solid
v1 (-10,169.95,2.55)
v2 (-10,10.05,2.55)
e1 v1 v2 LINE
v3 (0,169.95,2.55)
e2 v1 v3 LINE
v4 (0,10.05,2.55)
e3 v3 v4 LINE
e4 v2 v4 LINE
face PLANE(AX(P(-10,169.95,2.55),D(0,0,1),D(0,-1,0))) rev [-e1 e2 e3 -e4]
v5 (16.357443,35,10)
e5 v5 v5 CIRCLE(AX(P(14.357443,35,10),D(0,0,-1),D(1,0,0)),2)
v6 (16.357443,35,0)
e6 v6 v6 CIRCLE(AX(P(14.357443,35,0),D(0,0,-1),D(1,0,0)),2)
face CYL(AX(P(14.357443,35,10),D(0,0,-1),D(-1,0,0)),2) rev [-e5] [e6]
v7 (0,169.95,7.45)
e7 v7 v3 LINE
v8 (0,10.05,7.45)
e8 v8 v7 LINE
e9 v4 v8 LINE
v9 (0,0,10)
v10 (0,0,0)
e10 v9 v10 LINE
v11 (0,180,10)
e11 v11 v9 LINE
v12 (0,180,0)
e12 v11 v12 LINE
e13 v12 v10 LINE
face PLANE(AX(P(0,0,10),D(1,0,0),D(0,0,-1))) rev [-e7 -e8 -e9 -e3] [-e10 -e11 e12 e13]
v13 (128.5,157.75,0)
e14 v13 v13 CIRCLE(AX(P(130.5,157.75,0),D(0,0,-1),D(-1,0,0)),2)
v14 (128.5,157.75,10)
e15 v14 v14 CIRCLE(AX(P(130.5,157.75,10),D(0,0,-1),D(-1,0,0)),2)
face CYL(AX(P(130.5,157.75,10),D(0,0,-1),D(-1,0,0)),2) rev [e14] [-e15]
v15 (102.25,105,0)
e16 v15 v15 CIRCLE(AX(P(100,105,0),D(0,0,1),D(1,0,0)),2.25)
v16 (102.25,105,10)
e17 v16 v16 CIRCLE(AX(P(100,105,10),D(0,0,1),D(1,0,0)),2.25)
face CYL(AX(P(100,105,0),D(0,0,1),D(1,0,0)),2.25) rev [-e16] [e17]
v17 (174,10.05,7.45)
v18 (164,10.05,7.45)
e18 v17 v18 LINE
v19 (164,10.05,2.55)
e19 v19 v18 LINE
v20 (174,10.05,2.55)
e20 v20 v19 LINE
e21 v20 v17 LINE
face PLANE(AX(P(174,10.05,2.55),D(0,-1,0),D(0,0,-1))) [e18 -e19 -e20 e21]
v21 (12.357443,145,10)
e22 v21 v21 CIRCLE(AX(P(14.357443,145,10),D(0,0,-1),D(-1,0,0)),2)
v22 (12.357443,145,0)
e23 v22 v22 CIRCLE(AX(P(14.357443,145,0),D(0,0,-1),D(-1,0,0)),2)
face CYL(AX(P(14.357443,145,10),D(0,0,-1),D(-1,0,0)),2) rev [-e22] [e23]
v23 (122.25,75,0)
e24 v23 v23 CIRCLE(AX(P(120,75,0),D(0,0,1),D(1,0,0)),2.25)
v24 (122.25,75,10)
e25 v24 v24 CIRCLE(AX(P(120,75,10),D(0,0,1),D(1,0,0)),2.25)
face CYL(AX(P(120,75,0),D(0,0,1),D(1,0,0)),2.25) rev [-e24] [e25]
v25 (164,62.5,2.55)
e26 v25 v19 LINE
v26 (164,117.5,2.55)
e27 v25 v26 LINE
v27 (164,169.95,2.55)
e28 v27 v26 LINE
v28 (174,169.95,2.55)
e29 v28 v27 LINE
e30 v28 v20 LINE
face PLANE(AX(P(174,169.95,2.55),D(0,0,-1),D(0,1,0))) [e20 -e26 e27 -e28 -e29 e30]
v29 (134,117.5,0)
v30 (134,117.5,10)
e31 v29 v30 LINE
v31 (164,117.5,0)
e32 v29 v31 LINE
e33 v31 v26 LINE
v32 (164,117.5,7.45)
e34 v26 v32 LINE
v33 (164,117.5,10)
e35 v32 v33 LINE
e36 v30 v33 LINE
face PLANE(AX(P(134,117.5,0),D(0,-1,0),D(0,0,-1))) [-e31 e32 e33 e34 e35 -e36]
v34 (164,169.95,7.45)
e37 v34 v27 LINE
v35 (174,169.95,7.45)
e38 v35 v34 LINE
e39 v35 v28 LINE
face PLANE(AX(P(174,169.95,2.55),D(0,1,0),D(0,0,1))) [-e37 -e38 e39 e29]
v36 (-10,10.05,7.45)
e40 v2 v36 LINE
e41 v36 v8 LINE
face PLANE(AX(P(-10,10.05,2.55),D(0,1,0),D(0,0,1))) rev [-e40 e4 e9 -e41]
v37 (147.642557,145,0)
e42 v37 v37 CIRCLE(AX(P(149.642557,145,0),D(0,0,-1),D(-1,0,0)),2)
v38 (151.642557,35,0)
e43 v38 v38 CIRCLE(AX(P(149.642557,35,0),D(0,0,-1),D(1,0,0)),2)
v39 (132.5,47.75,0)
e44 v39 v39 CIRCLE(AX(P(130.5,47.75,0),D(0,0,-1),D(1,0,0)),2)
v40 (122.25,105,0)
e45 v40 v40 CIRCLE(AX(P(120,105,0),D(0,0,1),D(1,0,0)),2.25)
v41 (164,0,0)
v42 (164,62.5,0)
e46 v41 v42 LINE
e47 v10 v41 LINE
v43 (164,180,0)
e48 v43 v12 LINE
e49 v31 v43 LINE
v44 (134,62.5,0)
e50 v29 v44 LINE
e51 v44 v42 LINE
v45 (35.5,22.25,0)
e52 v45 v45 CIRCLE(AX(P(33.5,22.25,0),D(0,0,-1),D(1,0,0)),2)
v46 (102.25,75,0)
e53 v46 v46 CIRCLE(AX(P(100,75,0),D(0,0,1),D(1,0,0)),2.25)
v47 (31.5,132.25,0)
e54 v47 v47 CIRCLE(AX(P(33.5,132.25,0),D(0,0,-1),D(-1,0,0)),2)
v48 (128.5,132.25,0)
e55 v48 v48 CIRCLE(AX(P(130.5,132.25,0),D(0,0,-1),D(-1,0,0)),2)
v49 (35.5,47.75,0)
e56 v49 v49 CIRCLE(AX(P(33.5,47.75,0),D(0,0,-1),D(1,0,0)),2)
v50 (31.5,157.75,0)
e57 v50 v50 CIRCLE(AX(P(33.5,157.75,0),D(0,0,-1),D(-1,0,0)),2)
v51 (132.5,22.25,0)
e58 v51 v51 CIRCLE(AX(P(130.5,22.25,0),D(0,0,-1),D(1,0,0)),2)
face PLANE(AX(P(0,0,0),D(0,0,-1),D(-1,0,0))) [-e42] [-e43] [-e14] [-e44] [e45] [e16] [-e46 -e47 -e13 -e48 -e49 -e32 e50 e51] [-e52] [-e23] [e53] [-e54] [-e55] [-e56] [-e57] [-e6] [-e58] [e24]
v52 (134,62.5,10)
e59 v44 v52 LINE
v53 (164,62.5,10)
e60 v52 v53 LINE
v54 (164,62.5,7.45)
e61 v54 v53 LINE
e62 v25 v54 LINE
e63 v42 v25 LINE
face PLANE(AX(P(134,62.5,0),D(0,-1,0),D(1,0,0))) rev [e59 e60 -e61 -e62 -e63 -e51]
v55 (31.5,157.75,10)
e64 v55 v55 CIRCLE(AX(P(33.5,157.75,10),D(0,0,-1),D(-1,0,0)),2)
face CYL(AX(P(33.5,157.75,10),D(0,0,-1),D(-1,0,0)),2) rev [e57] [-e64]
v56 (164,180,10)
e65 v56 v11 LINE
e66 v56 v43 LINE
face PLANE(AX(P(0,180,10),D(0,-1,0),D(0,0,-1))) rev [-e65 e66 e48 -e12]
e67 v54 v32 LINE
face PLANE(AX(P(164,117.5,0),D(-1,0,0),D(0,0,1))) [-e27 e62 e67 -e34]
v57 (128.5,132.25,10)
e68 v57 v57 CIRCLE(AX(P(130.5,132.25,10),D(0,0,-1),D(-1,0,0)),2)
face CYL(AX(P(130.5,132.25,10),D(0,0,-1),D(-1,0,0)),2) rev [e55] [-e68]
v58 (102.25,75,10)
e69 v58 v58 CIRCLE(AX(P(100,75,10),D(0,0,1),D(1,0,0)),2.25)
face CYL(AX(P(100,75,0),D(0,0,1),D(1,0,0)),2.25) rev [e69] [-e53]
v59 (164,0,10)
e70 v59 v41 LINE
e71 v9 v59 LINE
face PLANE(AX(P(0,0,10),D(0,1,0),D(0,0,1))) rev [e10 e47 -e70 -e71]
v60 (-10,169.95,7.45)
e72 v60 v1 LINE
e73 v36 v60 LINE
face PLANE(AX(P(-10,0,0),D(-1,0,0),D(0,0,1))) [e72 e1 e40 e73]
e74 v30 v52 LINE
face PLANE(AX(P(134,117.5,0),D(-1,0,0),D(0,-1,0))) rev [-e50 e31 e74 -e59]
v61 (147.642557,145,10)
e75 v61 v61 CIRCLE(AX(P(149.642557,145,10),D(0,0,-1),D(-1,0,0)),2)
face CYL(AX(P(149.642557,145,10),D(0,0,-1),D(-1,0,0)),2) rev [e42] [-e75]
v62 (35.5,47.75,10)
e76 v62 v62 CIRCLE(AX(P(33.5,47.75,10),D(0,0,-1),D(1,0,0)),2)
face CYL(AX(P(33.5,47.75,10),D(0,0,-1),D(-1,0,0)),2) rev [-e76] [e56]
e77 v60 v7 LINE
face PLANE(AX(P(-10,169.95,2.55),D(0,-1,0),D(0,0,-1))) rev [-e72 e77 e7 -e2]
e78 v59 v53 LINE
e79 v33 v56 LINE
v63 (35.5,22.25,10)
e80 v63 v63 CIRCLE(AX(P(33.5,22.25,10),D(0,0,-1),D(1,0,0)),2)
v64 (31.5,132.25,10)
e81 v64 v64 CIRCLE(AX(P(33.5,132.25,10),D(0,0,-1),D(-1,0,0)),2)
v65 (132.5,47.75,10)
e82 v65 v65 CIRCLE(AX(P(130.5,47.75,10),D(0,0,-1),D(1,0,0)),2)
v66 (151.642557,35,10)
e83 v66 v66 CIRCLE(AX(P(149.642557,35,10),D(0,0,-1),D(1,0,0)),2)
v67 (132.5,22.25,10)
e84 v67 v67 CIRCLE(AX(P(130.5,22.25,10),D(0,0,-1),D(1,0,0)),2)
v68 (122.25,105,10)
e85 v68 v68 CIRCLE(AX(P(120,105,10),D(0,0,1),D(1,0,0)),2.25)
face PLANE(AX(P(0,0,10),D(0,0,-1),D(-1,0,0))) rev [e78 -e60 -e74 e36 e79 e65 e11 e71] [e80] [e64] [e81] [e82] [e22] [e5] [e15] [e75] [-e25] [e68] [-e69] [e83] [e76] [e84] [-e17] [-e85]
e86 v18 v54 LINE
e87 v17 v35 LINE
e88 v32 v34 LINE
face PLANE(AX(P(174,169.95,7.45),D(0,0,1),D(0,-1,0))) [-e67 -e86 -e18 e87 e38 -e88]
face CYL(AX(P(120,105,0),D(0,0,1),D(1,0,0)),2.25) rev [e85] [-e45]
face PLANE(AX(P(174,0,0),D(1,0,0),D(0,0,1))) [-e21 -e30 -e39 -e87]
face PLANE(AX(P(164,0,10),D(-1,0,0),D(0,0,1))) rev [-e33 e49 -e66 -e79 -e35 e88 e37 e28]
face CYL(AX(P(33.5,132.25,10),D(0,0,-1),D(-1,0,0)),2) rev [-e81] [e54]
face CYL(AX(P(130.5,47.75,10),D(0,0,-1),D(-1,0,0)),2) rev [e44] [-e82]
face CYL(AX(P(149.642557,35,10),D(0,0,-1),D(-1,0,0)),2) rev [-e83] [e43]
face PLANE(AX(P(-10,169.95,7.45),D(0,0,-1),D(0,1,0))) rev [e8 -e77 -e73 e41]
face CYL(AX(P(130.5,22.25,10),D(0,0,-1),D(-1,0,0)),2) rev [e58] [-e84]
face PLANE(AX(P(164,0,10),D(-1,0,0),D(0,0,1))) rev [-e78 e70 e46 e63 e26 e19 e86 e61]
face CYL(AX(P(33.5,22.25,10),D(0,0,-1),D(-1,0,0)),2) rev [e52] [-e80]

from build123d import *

# Parameters (mm, degrees)
SKETCH_1_W          = 164
SKETCH_1_H          = 180
EXTRUDE_1_DEPTH     = 10
SKETCH_2_W          = 4.9
SKETCH_2_H          = 159.9
EXTRUDE_2_DEPTH     = 10
SKETCH_3_R          = 2
CUT_EXTRUDE_1_DEPTH = 10
SKETCH_7_R          = 2.25
SKETCH_7_W          = 30
SKETCH_7_H          = 55
CUT_EXTRUDE_5_DEPTH = 251.551391934


with BuildPart() as part:
    # 草图1 → 凸台-拉伸1 (new body)
    with BuildSketch(Plane.XY):
        with Locations((82, 90)):
            Rectangle(SKETCH_1_W, SKETCH_1_H)
    extrude(amount=EXTRUDE_1_DEPTH)

    # 草图2 → 凸台-拉伸2 (add)
    with BuildSketch(Plane.ZY):
        with Locations((5, 90)):
            Rectangle(SKETCH_2_W, SKETCH_2_H)
    extrude_2 = extrude(amount=EXTRUDE_2_DEPTH)

    # 镜向1: 凸台-拉伸2 across plane
    add(extrude_2.mirror(Plane(origin=(82, 0, 0), x_dir=(0, 0, 1), z_dir=(1, 0, 0))))

    # 草图3 → 切除-拉伸1 (cut)
    with BuildSketch(Plane(origin=(0, 0, 0), x_dir=(-1, 0, 0), z_dir=(0, 0, -1))):
        with Locations((-149.6425573, 145)):
            Circle(SKETCH_3_R)
        with Locations((-130.5, 157.75)):
            Circle(SKETCH_3_R)
        with Locations((-130.5, 132.25)):
            Circle(SKETCH_3_R)
        with Locations((-14.3574427, 145)):
            Circle(SKETCH_3_R)
        with Locations((-33.5, 157.75)):
            Circle(SKETCH_3_R)
        with Locations((-33.5, 132.25)):
            Circle(SKETCH_3_R)
        with Locations(Location((-130.5, 47.75, 0), (0, 0, 180))):
            Circle(SKETCH_3_R)
        with Locations(Location((-130.5, 22.25, 0), (0, 0, 180))):
            Circle(SKETCH_3_R)
        with Locations(Location((-149.6425573, 35, 0), (0, 0, 180))):
            Circle(SKETCH_3_R)
        with Locations(Location((-33.5, 47.75, 0), (0, 0, 180))):
            Circle(SKETCH_3_R)
        with Locations(Location((-33.5, 22.25, 0), (0, 0, 180))):
            Circle(SKETCH_3_R)
        with Locations(Location((-14.3574427, 35, 0), (0, 0, 180))):
            Circle(SKETCH_3_R)
    extrude(amount=-CUT_EXTRUDE_1_DEPTH, mode=Mode.SUBTRACT)

    # 草图7 → 切除-拉伸5 (cut, through all)
    with BuildSketch(Plane.XY.offset(10)):
        with Locations((120, 105)):
            Circle(SKETCH_7_R)
        with Locations((120, 75)):
            Circle(SKETCH_7_R)
        with Locations((100, 105)):
            Circle(SKETCH_7_R)
        with Locations((100, 75)):
            Circle(SKETCH_7_R)
        with Locations((149, 90)):
            Rectangle(SKETCH_7_W, SKETCH_7_H)
    extrude(amount=-CUT_EXTRUDE_5_DEPTH, mode=Mode.SUBTRACT)


solid = part.part
